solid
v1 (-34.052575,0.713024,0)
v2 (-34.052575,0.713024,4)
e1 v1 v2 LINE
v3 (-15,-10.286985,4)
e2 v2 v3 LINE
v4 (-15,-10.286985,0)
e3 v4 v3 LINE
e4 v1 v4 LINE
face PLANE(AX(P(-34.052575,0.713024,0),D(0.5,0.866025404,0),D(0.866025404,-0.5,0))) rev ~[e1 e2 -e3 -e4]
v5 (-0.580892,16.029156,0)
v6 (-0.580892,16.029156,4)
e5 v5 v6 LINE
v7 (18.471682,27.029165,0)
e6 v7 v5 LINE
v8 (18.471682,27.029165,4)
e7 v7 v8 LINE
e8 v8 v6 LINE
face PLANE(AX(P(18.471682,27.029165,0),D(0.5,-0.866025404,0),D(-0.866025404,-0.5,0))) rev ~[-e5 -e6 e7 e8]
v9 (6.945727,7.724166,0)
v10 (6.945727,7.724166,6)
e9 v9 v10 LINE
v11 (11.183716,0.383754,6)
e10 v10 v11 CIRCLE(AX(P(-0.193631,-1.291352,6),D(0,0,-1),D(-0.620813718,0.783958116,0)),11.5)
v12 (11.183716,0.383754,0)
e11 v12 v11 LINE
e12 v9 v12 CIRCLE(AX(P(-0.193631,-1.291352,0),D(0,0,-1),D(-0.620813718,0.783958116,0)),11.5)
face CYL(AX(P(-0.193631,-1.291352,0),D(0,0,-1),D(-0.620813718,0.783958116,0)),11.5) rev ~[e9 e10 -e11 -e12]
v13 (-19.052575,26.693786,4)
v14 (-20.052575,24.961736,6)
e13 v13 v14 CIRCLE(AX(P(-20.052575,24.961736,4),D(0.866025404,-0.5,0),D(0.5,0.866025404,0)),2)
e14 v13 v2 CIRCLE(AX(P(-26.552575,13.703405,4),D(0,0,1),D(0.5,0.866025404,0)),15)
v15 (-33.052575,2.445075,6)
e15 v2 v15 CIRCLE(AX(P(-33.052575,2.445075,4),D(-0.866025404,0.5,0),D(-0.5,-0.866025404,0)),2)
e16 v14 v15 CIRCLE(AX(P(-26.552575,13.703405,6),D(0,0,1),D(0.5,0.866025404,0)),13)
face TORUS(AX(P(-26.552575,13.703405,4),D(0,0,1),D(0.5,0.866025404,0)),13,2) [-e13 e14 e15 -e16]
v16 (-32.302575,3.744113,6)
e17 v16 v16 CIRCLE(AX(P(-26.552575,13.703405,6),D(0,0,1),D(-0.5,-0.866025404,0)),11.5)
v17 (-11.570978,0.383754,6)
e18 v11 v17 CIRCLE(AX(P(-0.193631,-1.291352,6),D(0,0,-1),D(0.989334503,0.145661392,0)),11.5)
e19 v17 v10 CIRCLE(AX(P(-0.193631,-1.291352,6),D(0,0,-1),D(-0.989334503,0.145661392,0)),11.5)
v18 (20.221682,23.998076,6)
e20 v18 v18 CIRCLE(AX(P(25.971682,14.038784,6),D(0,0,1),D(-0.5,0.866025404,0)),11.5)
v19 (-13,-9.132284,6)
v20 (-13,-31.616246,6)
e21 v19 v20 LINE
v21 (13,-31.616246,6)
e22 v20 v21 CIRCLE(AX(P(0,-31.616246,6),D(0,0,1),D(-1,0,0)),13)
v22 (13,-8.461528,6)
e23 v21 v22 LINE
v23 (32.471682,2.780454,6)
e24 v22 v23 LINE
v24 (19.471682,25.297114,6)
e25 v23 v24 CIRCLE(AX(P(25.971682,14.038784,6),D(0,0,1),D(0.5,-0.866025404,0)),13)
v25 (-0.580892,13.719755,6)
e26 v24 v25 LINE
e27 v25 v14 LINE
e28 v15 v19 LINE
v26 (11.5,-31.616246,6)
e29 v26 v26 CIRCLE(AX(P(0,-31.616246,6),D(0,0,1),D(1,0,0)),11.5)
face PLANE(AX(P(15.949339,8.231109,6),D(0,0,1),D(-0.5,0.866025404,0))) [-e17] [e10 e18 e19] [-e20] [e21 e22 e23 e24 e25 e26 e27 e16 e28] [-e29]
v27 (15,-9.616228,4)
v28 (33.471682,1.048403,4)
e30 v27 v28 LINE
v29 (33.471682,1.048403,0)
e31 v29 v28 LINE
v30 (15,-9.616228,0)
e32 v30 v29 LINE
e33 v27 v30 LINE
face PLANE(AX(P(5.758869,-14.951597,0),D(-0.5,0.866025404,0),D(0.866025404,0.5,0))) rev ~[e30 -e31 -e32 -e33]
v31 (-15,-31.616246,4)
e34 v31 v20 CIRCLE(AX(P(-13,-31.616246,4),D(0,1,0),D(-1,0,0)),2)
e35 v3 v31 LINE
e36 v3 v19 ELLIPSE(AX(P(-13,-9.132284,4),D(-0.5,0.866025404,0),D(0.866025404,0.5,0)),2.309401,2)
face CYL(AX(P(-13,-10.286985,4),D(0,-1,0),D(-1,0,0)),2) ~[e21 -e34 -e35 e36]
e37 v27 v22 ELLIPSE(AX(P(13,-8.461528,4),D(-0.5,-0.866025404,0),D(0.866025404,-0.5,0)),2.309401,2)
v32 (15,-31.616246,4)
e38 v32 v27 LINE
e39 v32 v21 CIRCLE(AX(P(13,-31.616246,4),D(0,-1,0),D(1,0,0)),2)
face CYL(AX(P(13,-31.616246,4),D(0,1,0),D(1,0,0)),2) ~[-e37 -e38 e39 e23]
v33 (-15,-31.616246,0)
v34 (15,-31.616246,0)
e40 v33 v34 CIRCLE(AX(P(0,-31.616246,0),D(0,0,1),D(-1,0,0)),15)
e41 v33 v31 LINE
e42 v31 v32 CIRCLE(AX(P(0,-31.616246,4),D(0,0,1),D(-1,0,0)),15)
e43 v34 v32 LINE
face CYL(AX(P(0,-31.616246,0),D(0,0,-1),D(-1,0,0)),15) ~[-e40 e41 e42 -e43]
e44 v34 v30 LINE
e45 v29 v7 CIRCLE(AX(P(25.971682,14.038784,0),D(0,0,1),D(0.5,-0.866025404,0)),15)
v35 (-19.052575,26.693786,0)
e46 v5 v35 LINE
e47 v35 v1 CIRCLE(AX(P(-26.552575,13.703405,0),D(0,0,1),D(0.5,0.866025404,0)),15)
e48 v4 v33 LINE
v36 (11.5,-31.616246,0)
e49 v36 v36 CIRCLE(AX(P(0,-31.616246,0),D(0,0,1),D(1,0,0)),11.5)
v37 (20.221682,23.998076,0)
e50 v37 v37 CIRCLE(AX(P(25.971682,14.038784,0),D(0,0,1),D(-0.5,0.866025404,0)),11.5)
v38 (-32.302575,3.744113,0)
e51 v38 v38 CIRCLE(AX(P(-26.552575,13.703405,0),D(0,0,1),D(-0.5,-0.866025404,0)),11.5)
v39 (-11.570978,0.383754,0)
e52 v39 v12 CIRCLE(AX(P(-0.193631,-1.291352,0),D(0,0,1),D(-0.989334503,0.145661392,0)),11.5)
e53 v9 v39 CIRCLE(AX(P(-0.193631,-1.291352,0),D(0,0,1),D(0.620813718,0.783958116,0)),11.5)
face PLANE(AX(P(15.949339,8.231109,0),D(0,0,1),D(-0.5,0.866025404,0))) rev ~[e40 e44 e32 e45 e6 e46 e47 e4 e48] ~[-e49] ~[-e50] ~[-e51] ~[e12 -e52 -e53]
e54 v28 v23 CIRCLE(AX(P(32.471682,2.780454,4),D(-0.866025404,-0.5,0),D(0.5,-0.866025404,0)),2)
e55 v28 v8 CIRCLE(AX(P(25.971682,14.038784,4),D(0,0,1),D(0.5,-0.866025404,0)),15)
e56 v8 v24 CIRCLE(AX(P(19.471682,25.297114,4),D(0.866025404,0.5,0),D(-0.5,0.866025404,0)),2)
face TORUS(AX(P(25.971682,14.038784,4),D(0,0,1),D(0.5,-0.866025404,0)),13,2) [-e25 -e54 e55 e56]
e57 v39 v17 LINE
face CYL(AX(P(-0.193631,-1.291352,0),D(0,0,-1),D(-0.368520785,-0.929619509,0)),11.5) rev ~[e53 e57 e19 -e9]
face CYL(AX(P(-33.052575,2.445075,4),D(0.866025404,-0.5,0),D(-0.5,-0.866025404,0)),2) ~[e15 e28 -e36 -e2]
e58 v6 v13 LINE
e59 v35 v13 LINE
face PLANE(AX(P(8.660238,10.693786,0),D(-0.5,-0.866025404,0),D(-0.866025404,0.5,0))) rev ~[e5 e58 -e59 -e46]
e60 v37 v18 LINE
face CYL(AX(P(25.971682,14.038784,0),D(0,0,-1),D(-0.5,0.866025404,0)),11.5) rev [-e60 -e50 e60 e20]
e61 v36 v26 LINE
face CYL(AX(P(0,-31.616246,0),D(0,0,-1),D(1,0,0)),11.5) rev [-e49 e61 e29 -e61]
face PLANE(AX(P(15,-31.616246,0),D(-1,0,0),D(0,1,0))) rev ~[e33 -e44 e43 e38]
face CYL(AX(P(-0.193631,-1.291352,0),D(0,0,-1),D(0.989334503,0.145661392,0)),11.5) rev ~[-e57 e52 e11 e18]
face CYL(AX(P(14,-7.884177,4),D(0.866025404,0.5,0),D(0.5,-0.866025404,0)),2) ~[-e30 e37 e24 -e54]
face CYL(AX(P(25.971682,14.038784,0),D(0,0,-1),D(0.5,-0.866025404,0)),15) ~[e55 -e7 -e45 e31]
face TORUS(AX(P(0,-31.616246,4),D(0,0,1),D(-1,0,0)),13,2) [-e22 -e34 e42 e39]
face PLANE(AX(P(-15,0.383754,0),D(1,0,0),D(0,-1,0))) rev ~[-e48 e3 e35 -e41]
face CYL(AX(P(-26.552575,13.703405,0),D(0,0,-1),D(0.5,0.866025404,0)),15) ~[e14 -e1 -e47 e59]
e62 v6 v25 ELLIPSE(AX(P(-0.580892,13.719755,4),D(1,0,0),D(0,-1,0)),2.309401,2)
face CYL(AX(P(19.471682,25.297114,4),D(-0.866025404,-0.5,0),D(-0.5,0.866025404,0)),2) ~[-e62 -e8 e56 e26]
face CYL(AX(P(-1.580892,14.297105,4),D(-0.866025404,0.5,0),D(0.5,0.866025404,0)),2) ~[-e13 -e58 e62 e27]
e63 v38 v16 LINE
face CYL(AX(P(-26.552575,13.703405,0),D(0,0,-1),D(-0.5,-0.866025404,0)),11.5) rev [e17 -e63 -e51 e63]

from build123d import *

# Parameters (mm, degrees)
F0_R     = 11.5
F1_DEPTH = 6
F2_COUNT = 3
F3_R     = 2


with BuildPart() as f1:
    # F0 (on Top) → F1 (new body)
    with BuildSketch(Plane.XY):
        with BuildLine():
            Line((15, -31.6162464206), (15, 0.3837535794))
            Line((15, 0.3837535794), (11.1837159736, 0.3837535794))
            ThreePointArc((11.1837159736, 0.3837535794), (-0.1936308108, -12.7913524315), (-11.5709775952, 0.3837535794))
            Line((-11.5709775952, 0.3837535794), (-15, 0.3837535794))
            Line((-15, 0.3837535794), (-15, -31.6162464206))
            ThreePointArc((-15, -31.6162464206), (0, -46.6162464206), (15, -31.6162464206))
        make_face()
        with Locations((0, -31.6162464206)):
            Circle(F0_R, mode=Mode.SUBTRACT)
    extrude(amount=F1_DEPTH)

    # F2: F1 ×3 about axis
    f2_axis = Axis((-0.1936308108, -1.2913524315, 0), (0, 0, -1))


with BuildPart() as f1_1:
    add(f1.part)
    for i in range(1, F2_COUNT):
        add(f1.part.rotate(f2_axis, i * 360 / F2_COUNT))

    # F3
    f3_edges = [f1_1.edges().sort_by_distance(p)[0] for p in [
        (8.945395, 21.52916, 6),
        (-24.526287, -4.78698, 6),
        (15, -20.616237, 6),
    ]]
    fillet(f3_edges, radius=F3_R)


solid = f1_1.part
